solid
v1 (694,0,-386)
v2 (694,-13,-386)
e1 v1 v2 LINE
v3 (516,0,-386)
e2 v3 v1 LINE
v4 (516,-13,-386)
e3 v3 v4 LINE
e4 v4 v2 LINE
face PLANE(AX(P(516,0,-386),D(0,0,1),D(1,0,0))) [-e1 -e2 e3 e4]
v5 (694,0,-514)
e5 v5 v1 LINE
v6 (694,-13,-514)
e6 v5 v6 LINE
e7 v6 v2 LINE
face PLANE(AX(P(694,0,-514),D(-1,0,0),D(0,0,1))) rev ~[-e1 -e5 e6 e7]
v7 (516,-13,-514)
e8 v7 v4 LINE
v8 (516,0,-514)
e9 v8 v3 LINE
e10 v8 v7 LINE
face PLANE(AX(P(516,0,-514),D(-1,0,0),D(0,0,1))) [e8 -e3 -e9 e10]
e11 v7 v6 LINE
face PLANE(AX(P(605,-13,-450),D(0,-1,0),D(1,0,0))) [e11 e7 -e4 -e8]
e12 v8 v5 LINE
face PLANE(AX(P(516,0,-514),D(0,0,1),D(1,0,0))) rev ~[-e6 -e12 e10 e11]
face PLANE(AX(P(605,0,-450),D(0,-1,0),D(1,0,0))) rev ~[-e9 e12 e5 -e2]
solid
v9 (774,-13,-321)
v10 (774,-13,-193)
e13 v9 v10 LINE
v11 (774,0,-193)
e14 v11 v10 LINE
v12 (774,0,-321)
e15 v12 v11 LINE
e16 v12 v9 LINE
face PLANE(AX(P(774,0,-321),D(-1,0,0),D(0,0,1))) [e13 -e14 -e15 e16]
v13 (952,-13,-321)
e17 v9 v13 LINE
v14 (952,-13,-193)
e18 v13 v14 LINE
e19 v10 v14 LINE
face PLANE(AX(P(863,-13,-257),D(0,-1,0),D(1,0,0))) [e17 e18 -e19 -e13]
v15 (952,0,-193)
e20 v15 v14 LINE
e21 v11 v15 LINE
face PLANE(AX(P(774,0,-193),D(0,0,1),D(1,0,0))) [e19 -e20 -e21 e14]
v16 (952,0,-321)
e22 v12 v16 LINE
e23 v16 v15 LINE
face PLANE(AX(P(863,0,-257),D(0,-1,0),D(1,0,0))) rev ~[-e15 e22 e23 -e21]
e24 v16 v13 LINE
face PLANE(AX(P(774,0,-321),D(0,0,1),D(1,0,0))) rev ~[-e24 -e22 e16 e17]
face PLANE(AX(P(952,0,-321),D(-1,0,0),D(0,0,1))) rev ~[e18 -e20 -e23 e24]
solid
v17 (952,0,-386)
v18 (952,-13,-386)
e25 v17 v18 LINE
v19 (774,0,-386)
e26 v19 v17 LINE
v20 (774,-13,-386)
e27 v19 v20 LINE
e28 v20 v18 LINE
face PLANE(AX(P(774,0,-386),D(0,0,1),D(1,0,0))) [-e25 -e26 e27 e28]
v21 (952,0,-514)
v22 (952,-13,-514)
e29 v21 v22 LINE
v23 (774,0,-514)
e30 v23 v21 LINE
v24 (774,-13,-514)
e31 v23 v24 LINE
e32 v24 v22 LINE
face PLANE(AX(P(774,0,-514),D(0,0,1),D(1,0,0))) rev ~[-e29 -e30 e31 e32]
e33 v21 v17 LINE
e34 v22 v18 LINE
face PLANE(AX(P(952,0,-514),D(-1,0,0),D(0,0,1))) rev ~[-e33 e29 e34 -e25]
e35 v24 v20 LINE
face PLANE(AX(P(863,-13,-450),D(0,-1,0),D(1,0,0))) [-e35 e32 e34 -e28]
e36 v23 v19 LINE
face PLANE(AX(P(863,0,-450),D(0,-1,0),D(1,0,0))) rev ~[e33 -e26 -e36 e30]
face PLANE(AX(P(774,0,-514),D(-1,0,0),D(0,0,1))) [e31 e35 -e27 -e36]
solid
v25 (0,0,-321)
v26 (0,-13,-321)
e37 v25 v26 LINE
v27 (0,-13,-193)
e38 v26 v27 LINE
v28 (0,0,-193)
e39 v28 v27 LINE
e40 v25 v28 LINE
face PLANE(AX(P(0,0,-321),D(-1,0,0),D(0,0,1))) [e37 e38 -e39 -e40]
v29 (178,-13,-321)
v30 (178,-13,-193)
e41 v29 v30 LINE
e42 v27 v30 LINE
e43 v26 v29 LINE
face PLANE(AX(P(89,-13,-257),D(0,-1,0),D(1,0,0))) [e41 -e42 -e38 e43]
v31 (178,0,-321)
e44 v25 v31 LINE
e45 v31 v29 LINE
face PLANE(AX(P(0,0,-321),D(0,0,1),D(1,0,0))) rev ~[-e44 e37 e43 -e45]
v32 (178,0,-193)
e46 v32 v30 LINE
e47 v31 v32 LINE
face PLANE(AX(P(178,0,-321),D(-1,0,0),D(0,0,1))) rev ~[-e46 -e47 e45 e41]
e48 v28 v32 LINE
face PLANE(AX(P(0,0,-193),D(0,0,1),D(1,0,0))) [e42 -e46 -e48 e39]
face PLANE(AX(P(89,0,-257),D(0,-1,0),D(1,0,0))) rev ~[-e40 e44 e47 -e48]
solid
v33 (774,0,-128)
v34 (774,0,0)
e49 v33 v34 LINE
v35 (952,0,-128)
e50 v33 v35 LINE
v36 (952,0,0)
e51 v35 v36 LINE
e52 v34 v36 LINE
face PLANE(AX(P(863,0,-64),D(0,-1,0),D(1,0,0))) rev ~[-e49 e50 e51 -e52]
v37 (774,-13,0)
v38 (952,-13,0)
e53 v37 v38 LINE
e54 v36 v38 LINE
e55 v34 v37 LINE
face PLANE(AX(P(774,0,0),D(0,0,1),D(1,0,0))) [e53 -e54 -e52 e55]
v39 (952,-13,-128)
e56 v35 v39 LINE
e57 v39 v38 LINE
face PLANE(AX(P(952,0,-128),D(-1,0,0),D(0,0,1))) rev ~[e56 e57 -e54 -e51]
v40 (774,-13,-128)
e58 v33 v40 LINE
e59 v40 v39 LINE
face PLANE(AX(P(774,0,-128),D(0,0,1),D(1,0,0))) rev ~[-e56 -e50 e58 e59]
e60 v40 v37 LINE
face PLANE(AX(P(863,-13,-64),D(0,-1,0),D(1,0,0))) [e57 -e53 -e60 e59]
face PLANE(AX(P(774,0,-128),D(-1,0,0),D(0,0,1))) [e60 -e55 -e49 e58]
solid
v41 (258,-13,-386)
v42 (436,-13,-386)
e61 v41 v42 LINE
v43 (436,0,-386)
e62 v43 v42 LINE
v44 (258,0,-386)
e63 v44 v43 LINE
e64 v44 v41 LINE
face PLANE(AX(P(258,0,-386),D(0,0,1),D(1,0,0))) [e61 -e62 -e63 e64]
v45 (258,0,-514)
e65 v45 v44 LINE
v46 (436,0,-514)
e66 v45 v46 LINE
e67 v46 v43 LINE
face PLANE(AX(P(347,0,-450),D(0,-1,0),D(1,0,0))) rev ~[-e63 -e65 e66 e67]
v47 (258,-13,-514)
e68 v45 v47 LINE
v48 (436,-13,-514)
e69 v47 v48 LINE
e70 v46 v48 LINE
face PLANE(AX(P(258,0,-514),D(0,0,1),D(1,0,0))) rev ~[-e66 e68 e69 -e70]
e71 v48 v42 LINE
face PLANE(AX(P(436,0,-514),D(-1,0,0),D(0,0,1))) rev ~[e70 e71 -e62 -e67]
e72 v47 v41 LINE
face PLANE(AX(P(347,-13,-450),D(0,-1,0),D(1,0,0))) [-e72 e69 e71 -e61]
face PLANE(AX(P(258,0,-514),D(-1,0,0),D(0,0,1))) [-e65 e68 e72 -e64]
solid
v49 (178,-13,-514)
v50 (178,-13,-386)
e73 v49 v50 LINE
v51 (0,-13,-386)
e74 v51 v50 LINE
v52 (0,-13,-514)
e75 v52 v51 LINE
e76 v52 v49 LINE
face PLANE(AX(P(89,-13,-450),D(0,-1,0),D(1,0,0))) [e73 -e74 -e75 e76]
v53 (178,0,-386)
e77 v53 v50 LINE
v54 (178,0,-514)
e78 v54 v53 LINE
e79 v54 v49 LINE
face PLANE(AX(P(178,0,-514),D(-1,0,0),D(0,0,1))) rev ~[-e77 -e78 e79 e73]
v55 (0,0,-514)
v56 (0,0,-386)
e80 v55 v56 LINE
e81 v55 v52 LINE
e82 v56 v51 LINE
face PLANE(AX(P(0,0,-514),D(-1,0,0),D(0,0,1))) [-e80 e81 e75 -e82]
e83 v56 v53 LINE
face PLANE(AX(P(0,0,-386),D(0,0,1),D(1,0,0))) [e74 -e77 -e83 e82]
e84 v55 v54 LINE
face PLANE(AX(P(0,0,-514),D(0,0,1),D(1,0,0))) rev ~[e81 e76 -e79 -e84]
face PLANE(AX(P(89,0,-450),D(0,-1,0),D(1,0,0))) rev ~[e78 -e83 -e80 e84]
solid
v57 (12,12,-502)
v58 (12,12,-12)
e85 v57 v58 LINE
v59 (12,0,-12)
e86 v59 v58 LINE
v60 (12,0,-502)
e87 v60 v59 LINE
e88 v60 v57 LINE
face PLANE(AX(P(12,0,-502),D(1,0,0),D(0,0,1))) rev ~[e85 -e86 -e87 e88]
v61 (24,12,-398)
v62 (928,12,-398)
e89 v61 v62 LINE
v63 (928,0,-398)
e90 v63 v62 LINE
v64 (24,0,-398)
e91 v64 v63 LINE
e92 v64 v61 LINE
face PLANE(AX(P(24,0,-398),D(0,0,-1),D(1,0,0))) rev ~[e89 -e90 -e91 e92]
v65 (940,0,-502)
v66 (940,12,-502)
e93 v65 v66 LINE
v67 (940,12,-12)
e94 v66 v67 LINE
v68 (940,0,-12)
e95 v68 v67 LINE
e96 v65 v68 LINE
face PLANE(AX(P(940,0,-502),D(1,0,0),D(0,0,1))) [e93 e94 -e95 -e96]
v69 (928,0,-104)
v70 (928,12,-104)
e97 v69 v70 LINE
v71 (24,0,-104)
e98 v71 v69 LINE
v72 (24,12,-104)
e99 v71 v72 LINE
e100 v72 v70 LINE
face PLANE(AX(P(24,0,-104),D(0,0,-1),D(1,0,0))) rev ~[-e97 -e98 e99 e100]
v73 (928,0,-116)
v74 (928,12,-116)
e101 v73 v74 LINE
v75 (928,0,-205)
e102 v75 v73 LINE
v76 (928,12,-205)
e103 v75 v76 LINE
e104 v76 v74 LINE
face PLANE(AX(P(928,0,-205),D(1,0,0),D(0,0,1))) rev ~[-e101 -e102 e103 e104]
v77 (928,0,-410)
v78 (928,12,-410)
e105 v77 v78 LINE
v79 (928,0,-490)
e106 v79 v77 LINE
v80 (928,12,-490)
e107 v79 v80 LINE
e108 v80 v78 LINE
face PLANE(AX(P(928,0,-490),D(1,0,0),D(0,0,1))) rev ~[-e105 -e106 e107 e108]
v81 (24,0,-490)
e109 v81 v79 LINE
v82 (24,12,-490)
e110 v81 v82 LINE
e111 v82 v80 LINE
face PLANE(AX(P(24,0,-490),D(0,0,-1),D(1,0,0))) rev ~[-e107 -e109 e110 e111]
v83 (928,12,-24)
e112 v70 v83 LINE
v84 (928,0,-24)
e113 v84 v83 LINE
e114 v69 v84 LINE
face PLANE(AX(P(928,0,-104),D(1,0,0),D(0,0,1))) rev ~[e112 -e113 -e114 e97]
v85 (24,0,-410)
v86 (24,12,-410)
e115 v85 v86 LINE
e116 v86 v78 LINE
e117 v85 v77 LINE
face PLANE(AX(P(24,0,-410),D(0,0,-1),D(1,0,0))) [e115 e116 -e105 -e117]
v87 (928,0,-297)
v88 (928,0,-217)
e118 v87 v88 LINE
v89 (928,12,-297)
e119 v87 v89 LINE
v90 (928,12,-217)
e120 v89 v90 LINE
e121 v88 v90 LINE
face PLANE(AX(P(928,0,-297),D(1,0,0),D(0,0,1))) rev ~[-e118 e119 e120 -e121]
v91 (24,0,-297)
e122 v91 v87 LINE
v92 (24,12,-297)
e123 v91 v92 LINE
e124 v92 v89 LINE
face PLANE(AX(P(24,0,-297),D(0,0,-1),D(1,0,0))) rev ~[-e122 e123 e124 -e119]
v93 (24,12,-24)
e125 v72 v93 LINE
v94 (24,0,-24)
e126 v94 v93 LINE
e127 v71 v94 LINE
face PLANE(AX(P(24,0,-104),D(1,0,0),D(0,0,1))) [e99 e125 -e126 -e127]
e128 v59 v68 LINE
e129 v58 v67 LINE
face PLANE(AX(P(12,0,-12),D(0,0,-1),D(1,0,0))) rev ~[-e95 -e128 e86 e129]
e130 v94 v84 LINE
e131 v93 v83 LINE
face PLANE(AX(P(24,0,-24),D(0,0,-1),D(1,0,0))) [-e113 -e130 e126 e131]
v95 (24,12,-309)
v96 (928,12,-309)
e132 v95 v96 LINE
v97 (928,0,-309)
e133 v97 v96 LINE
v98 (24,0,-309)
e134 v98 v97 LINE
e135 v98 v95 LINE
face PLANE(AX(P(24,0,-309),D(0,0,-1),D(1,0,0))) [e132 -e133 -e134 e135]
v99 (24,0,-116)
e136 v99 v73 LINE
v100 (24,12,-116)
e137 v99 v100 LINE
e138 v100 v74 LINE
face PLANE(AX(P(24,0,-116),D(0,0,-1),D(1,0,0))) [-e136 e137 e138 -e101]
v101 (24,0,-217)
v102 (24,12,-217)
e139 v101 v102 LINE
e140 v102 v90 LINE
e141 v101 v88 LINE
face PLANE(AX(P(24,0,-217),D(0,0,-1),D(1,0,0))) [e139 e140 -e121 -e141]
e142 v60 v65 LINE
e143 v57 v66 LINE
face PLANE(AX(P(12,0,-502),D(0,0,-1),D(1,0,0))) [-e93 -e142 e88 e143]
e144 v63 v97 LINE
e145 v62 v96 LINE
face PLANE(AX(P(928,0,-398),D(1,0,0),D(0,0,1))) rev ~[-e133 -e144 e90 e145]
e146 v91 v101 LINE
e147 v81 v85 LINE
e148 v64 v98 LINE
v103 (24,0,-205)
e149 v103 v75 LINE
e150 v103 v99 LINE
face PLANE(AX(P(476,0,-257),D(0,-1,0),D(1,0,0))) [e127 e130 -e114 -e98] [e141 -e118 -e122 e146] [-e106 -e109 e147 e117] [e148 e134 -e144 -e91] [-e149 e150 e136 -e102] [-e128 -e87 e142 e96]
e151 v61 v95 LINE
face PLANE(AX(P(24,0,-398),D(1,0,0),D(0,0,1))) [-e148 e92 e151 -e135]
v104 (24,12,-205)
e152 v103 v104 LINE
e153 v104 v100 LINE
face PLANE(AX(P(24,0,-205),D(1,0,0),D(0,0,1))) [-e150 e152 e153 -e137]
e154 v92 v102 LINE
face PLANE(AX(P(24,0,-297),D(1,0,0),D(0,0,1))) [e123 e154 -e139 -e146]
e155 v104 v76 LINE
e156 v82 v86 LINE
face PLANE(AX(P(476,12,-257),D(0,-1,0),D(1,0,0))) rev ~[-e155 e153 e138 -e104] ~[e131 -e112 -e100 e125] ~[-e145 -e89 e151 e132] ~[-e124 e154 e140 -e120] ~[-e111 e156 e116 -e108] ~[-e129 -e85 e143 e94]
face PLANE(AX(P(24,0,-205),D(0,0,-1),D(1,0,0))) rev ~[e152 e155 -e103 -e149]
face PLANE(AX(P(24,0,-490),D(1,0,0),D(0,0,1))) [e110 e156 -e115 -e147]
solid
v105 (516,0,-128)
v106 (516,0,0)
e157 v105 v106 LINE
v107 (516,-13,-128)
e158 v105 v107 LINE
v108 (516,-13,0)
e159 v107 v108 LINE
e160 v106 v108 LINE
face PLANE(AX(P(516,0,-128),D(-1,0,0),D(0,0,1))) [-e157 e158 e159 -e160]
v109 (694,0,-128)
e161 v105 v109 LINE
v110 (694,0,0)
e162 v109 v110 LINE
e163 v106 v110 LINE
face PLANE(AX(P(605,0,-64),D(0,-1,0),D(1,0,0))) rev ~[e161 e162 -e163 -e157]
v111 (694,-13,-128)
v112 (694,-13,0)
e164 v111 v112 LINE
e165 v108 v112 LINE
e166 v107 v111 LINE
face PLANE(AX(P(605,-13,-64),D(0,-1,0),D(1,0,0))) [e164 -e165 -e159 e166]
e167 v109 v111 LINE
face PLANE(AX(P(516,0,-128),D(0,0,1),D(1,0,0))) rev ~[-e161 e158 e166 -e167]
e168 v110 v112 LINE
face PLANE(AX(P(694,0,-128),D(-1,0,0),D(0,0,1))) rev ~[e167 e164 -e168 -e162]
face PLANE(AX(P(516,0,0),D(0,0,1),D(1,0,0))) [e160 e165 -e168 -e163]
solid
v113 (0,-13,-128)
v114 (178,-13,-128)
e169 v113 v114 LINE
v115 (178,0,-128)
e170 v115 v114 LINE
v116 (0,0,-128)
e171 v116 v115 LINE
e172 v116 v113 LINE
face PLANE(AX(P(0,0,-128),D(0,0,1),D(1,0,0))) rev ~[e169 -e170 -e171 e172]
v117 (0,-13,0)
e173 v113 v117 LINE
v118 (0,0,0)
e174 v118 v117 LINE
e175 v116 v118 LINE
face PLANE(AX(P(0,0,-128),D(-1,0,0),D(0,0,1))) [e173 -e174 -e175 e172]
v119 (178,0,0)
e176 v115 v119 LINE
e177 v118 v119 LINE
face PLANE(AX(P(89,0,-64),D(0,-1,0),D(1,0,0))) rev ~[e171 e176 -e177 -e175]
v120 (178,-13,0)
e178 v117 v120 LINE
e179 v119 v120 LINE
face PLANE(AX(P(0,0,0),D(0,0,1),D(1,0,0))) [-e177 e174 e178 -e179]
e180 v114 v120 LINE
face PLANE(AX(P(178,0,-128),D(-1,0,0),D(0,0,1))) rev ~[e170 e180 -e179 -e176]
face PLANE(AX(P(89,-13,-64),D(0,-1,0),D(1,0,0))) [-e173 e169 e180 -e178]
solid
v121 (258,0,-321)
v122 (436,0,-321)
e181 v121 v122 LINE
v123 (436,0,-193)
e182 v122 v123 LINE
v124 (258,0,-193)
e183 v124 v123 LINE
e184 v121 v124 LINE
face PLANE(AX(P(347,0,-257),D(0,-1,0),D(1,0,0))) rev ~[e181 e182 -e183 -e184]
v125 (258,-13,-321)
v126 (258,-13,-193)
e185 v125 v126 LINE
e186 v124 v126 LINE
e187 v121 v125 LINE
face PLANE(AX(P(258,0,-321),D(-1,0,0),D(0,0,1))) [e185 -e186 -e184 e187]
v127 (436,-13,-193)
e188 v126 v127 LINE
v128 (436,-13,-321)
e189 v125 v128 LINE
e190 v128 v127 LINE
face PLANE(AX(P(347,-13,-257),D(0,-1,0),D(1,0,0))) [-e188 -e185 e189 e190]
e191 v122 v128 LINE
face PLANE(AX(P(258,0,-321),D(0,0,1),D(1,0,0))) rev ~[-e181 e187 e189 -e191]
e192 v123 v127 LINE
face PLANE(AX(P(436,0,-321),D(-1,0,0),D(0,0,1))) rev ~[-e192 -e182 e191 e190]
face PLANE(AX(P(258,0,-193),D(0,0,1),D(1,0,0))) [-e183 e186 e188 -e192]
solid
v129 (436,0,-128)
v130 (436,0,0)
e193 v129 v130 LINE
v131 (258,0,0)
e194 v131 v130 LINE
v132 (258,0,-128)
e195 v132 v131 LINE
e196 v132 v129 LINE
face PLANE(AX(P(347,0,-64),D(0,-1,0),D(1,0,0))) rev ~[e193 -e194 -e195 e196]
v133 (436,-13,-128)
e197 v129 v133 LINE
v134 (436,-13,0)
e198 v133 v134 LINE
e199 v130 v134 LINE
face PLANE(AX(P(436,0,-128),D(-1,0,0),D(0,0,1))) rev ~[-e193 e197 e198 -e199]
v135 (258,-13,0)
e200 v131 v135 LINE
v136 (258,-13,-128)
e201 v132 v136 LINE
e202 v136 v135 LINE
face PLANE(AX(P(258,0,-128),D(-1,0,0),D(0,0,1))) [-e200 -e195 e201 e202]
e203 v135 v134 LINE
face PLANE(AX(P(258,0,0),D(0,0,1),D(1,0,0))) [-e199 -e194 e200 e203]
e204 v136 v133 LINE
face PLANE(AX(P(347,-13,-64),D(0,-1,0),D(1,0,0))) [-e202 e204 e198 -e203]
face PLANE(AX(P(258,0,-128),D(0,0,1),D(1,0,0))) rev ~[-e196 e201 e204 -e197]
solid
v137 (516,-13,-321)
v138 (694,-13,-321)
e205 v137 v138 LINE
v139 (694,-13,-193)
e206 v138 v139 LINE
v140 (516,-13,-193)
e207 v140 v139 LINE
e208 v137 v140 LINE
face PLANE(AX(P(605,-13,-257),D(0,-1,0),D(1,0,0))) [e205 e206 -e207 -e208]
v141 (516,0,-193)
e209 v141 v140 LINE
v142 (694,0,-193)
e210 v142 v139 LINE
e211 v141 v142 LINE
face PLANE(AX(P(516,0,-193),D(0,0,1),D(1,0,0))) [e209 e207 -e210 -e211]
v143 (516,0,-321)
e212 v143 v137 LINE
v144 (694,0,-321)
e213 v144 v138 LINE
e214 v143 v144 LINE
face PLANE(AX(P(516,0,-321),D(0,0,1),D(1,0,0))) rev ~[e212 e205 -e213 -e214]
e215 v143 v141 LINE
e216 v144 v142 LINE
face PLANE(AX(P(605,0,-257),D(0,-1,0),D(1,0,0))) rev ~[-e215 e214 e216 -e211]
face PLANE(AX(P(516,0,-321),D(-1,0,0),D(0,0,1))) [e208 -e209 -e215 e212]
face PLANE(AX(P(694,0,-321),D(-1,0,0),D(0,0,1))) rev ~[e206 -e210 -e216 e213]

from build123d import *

# Parameters (mm, degrees)
F0_W     = 928
F0_H     = 490
F0_W_2   = 904
F0_H_2   = 80
F0_H_3   = 89
F1_DEPTH = 12
F2_W     = 178
F2_H     = 128
F3_DEPTH = 13


with BuildPart() as f1:
    # F0 (on Front) → F1 (new body)
    with BuildSketch(Plane.XZ):
        with Locations((476, -257)):
            Rectangle(F0_W, F0_H)
        with Locations((476, -450)):
            Rectangle(F0_W_2, F0_H_2, mode=Mode.SUBTRACT)
        with Locations((476, -353.5)):
            Rectangle(F0_W_2, F0_H_3, mode=Mode.SUBTRACT)
        with Locations((476, -257)):
            Rectangle(F0_W_2, F0_H_2, mode=Mode.SUBTRACT)
        with Locations((476, -160.5)):
            Rectangle(F0_W_2, F0_H_3, mode=Mode.SUBTRACT)
        with Locations((476, -64)):
            Rectangle(F0_W_2, F0_H_2, mode=Mode.SUBTRACT)
    extrude(amount=-F1_DEPTH)


with BuildPart() as f3:
    # F2 (on Front) → F3 (new body)
    with BuildSketch(Plane.XZ):
        with Locations((89, -64)):
            Rectangle(F2_W, F2_H)
        with Locations((347, -64)):
            Rectangle(F2_W, F2_H)
        with Locations((605, -64)):
            Rectangle(F2_W, F2_H)
        with Locations((863, -64)):
            Rectangle(F2_W, F2_H)
        with Locations((89, -257)):
            Rectangle(F2_W, F2_H)
        with Locations((347, -257)):
            Rectangle(F2_W, F2_H)
        with Locations((605, -257)):
            Rectangle(F2_W, F2_H)
        with Locations((863, -257)):
            Rectangle(F2_W, F2_H)
        with Locations((89, -450)):
            Rectangle(F2_W, F2_H)
        with Locations((347, -450)):
            Rectangle(F2_W, F2_H)
        with Locations((605, -450)):
            Rectangle(F2_W, F2_H)
        with Locations((863, -450)):
            Rectangle(F2_W, F2_H)
    extrude(amount=F3_DEPTH)


solid = Compound([f1.part, f3.part])
